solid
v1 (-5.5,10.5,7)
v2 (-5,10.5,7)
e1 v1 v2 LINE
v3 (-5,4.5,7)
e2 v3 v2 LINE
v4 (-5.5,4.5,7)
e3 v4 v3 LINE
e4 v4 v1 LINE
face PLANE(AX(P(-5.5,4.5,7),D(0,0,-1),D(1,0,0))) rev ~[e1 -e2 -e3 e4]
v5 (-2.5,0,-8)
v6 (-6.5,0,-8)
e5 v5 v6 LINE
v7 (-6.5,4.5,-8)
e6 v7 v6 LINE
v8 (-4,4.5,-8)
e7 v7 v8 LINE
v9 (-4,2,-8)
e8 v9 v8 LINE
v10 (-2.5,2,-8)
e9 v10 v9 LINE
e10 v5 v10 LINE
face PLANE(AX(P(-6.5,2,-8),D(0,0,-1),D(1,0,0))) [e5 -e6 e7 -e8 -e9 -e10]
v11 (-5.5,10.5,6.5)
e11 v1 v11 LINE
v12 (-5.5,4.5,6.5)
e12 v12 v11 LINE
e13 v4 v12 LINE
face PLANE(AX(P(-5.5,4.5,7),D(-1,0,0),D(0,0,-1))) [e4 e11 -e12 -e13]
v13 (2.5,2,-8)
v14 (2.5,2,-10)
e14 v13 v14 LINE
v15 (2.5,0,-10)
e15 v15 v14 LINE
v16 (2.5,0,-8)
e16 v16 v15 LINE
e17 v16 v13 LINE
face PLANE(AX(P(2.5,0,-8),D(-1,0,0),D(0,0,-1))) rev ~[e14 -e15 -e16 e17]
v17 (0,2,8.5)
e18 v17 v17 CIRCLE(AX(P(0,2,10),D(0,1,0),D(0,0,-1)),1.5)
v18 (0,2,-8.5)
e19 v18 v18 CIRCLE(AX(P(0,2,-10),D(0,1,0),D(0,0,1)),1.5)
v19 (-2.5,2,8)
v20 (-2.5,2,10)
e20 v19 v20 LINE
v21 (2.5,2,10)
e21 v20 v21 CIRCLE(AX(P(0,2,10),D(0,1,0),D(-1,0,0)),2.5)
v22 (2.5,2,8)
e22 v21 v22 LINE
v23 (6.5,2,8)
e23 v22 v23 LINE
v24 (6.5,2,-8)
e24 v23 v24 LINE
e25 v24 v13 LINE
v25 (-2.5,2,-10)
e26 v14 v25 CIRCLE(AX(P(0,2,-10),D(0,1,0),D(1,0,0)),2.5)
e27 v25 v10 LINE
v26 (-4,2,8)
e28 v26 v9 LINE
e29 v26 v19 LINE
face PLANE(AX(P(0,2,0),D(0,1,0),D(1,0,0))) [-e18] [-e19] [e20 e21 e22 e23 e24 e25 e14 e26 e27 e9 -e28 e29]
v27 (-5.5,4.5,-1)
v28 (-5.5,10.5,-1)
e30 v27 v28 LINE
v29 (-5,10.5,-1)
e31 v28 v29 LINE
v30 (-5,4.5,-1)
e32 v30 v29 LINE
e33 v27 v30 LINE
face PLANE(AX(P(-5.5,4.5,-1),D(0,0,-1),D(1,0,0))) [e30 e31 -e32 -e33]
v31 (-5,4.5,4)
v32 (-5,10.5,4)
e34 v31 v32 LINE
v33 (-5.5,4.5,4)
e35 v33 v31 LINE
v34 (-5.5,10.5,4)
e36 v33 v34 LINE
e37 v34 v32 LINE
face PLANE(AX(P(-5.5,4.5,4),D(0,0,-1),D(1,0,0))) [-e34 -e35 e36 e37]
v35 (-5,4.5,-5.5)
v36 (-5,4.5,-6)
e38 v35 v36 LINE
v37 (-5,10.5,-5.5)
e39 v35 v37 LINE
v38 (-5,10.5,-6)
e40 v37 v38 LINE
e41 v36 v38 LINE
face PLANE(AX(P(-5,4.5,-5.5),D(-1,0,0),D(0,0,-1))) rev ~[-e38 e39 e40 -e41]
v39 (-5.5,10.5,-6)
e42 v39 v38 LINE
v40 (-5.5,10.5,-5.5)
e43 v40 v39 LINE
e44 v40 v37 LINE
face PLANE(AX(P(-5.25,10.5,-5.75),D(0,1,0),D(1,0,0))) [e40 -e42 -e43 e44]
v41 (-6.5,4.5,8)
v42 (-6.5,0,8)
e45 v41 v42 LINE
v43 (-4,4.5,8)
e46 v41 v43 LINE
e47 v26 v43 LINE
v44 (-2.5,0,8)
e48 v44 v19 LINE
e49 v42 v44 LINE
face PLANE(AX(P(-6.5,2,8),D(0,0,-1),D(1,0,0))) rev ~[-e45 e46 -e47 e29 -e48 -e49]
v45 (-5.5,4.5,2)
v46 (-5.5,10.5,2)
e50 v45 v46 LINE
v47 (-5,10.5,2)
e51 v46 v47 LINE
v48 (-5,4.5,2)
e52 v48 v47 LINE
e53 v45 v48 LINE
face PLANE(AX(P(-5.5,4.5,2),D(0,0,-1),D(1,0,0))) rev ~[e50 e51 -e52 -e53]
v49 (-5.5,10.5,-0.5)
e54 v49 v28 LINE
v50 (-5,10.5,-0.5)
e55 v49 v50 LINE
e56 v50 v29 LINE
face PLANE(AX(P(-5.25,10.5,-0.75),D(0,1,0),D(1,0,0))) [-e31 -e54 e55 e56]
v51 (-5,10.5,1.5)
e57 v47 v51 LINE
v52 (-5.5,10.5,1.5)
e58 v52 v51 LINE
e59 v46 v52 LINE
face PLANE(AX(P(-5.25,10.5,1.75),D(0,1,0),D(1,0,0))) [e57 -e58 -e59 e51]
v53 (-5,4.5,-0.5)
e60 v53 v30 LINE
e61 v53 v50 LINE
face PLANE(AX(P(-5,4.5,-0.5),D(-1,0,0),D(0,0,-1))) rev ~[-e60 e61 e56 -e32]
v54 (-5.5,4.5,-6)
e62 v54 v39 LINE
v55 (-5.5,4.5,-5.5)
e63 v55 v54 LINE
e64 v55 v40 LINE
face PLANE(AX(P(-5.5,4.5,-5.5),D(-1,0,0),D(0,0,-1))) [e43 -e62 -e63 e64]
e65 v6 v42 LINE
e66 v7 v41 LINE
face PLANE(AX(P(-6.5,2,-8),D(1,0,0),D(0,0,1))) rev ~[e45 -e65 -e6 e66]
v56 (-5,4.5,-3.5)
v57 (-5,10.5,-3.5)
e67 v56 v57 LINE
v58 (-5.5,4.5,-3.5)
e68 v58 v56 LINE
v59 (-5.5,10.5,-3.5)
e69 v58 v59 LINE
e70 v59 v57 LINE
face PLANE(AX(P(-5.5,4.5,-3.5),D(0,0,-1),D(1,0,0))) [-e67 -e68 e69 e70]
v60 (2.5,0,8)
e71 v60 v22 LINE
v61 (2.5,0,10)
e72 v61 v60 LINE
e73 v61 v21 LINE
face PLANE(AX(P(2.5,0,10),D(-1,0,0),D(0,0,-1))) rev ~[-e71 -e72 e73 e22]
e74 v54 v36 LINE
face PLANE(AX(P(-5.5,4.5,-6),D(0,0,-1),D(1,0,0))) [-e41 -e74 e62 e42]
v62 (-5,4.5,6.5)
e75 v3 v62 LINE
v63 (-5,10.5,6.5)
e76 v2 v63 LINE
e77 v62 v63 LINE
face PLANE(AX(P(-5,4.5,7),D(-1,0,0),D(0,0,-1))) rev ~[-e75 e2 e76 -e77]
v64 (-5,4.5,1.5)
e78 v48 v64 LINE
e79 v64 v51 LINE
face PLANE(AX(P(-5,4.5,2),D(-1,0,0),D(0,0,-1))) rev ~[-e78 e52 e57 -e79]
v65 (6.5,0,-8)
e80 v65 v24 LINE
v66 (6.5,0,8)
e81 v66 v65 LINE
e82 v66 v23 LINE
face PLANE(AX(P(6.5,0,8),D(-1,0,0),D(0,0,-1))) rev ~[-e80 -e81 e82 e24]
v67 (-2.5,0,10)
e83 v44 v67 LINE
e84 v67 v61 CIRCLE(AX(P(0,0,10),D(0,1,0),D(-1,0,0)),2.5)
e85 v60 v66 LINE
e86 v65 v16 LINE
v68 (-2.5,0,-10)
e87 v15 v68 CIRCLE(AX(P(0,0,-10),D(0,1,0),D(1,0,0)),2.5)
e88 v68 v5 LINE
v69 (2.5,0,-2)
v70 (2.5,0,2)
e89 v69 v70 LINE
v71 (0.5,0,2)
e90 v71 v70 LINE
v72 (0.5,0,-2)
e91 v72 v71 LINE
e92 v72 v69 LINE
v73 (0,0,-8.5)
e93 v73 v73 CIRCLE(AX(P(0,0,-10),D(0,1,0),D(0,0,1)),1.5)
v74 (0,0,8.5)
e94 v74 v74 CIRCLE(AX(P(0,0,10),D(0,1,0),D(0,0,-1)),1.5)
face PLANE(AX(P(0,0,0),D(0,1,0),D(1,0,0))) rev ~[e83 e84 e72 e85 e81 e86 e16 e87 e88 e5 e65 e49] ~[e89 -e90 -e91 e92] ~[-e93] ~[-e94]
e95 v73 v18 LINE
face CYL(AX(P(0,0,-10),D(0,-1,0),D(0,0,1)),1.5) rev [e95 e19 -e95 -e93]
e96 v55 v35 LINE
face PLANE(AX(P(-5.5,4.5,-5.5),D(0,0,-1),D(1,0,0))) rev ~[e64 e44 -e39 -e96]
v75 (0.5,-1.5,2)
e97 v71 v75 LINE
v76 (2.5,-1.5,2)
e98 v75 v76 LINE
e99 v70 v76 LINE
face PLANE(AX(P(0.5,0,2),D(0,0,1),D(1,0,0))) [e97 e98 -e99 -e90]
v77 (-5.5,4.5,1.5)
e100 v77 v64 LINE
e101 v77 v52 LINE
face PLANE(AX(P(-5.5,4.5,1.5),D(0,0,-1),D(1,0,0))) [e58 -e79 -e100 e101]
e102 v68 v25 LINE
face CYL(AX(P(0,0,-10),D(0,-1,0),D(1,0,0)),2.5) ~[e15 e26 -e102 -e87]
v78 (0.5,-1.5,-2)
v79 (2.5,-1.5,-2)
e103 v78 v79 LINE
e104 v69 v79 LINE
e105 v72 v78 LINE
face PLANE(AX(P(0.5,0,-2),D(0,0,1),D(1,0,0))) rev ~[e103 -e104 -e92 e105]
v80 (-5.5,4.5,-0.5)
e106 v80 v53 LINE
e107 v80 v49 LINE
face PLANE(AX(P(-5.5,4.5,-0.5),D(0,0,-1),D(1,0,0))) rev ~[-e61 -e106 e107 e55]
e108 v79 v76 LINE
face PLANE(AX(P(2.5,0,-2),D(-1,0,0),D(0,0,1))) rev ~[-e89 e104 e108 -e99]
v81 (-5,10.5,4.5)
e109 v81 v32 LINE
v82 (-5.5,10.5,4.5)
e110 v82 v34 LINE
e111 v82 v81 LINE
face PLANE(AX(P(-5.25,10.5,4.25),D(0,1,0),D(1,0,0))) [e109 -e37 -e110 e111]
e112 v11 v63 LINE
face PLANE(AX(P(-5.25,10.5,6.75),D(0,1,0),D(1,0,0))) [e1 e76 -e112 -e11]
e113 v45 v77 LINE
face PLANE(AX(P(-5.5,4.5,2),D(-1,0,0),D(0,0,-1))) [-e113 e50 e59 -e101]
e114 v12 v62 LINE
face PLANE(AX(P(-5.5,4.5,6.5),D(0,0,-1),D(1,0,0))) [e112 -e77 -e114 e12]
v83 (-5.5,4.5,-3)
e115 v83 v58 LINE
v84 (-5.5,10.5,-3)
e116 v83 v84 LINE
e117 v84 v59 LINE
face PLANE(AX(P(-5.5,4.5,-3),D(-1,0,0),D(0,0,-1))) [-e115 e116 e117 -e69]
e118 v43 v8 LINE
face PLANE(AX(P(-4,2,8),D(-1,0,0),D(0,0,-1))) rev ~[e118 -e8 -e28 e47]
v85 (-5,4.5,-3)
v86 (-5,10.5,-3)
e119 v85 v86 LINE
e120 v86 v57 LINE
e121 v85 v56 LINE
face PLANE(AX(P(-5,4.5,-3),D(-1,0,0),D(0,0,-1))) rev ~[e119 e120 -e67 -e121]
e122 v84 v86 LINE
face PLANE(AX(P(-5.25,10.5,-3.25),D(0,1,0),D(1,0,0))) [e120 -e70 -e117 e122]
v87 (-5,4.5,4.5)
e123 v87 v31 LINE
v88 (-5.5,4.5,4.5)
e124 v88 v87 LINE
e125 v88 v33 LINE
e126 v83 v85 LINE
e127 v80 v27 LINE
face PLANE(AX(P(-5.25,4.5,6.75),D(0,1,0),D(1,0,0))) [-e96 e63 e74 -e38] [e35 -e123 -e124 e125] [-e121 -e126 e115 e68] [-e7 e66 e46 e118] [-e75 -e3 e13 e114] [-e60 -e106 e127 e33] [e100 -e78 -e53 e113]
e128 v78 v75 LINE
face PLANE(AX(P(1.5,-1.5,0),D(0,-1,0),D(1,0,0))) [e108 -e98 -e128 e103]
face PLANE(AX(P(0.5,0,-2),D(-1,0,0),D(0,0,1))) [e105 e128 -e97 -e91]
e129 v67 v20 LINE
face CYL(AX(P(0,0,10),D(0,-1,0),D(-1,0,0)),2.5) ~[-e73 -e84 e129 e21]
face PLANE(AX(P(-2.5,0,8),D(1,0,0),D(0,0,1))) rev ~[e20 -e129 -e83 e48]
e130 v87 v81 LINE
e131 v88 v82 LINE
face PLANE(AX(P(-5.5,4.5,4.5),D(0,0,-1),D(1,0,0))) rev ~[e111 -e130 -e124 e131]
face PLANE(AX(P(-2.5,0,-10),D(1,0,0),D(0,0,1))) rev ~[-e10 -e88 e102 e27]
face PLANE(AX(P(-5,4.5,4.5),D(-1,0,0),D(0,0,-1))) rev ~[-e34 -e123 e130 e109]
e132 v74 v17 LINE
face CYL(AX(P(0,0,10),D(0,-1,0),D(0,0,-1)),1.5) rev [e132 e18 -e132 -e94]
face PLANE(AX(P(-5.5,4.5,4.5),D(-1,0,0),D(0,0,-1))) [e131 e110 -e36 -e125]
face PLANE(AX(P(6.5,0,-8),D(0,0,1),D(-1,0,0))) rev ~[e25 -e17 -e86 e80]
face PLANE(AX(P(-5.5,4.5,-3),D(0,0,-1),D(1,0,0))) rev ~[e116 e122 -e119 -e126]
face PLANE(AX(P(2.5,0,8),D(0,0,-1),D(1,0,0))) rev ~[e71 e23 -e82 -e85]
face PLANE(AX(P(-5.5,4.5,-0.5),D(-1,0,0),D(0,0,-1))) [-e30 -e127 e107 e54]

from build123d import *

# Parameters (mm, degrees)
SKETCH1_R           = 1.5
BOSS_EXTRUDE1_DEPTH = 2
SKETCH2_W           = 2.5
SKETCH2_H           = 2.5
SKETCH2_H_2         = 3
BOSS_EXTRUDE2_DEPTH = 2.5
SKETCH3_W           = 0.5
SKETCH3_H           = 0.5
BOSS_EXTRUDE3_DEPTH = 6
SKETCH4_W           = 2
SKETCH4_H           = 4
BOSS_EXTRUDE4_DEPTH = 1.5


with BuildPart() as part:
    # Sketch1 → Boss-Extrude1 (new body)
    with BuildSketch(Plane(origin=(0, 0, 0), x_dir=(1, 0, 0), z_dir=(0, 1, 0))):
        with BuildLine():
            Line((-6.5, -8), (-2.5, -8))
            Line((-2.5, -8), (-2.5, -10))
            ThreePointArc((-2.5, -10), (0, -12.5), (2.5, -10))
            Line((2.5, -10), (2.5, -8))
            Line((2.5, -8), (6.5, -8))
            Line((6.5, -8), (6.5, 8))
            Line((6.5, 8), (2.5, 8))
            Line((2.5, 8), (2.5, 10))
            ThreePointArc((2.5, 10), (0, 12.5), (-2.5, 10))
            Line((-2.5, 10), (-2.5, 8))
            Line((-2.5, 8), (-6.5, 8))
            Line((-6.5, 8), (-6.5, -8))
        make_face()
        with Locations(Location((0, 10, 0), (0, 0, 270))):
            Circle(SKETCH1_R, mode=Mode.SUBTRACT)
        with Locations(Location((0, -10, 0), (0, 0, 90))):
            Circle(SKETCH1_R, mode=Mode.SUBTRACT)
    extrude(amount=BOSS_EXTRUDE1_DEPTH)

    # Sketch2 → Boss-Extrude2 (add)
    with BuildSketch(Plane(origin=(0, 2, 0), x_dir=(1, 0, 0), z_dir=(0, 1, 0))):
        with Locations((-5.25, -6.75)):
            Rectangle(SKETCH2_W, SKETCH2_H)
        with Locations((-5.25, -4.25)):
            Rectangle(SKETCH2_W, SKETCH2_H)
        with Locations((-5.25, -1.5)):
            Rectangle(SKETCH2_W, SKETCH2_H_2)
        with Locations((-5.25, 1.5)):
            Rectangle(SKETCH2_W, SKETCH2_H_2)
        with Locations((-5.25, 4.25)):
            Rectangle(SKETCH2_W, SKETCH2_H)
        with Locations((-5.25, 6.75)):
            Rectangle(SKETCH2_W, SKETCH2_H)
    extrude(amount=BOSS_EXTRUDE2_DEPTH)

    # Sketch3 → Boss-Extrude3 (add)
    with BuildSketch(Plane(origin=(0, 4.5, 0), x_dir=(1, 0, 0), z_dir=(0, 1, 0))):
        with Locations((-5.25, -6.75)):
            Rectangle(SKETCH3_W, SKETCH3_H)
        with Locations((-5.25, -4.25)):
            Rectangle(SKETCH3_W, SKETCH3_H)
        with Locations((-5.25, -1.75)):
            Rectangle(SKETCH3_W, SKETCH3_H)
        with Locations((-5.25, 0.75)):
            Rectangle(SKETCH3_W, SKETCH3_H)
        with Locations((-5.25, 3.25)):
            Rectangle(SKETCH3_W, SKETCH3_H)
        with Locations((-5.25, 5.75)):
            Rectangle(SKETCH3_W, SKETCH3_H)
    extrude(amount=BOSS_EXTRUDE3_DEPTH)

    # Sketch4 → Boss-Extrude4 (add)
    with BuildSketch(Plane.XZ):
        with Locations((1.5, 0)):
            Rectangle(SKETCH4_W, SKETCH4_H)
    extrude(amount=BOSS_EXTRUDE4_DEPTH)


solid = part.part
